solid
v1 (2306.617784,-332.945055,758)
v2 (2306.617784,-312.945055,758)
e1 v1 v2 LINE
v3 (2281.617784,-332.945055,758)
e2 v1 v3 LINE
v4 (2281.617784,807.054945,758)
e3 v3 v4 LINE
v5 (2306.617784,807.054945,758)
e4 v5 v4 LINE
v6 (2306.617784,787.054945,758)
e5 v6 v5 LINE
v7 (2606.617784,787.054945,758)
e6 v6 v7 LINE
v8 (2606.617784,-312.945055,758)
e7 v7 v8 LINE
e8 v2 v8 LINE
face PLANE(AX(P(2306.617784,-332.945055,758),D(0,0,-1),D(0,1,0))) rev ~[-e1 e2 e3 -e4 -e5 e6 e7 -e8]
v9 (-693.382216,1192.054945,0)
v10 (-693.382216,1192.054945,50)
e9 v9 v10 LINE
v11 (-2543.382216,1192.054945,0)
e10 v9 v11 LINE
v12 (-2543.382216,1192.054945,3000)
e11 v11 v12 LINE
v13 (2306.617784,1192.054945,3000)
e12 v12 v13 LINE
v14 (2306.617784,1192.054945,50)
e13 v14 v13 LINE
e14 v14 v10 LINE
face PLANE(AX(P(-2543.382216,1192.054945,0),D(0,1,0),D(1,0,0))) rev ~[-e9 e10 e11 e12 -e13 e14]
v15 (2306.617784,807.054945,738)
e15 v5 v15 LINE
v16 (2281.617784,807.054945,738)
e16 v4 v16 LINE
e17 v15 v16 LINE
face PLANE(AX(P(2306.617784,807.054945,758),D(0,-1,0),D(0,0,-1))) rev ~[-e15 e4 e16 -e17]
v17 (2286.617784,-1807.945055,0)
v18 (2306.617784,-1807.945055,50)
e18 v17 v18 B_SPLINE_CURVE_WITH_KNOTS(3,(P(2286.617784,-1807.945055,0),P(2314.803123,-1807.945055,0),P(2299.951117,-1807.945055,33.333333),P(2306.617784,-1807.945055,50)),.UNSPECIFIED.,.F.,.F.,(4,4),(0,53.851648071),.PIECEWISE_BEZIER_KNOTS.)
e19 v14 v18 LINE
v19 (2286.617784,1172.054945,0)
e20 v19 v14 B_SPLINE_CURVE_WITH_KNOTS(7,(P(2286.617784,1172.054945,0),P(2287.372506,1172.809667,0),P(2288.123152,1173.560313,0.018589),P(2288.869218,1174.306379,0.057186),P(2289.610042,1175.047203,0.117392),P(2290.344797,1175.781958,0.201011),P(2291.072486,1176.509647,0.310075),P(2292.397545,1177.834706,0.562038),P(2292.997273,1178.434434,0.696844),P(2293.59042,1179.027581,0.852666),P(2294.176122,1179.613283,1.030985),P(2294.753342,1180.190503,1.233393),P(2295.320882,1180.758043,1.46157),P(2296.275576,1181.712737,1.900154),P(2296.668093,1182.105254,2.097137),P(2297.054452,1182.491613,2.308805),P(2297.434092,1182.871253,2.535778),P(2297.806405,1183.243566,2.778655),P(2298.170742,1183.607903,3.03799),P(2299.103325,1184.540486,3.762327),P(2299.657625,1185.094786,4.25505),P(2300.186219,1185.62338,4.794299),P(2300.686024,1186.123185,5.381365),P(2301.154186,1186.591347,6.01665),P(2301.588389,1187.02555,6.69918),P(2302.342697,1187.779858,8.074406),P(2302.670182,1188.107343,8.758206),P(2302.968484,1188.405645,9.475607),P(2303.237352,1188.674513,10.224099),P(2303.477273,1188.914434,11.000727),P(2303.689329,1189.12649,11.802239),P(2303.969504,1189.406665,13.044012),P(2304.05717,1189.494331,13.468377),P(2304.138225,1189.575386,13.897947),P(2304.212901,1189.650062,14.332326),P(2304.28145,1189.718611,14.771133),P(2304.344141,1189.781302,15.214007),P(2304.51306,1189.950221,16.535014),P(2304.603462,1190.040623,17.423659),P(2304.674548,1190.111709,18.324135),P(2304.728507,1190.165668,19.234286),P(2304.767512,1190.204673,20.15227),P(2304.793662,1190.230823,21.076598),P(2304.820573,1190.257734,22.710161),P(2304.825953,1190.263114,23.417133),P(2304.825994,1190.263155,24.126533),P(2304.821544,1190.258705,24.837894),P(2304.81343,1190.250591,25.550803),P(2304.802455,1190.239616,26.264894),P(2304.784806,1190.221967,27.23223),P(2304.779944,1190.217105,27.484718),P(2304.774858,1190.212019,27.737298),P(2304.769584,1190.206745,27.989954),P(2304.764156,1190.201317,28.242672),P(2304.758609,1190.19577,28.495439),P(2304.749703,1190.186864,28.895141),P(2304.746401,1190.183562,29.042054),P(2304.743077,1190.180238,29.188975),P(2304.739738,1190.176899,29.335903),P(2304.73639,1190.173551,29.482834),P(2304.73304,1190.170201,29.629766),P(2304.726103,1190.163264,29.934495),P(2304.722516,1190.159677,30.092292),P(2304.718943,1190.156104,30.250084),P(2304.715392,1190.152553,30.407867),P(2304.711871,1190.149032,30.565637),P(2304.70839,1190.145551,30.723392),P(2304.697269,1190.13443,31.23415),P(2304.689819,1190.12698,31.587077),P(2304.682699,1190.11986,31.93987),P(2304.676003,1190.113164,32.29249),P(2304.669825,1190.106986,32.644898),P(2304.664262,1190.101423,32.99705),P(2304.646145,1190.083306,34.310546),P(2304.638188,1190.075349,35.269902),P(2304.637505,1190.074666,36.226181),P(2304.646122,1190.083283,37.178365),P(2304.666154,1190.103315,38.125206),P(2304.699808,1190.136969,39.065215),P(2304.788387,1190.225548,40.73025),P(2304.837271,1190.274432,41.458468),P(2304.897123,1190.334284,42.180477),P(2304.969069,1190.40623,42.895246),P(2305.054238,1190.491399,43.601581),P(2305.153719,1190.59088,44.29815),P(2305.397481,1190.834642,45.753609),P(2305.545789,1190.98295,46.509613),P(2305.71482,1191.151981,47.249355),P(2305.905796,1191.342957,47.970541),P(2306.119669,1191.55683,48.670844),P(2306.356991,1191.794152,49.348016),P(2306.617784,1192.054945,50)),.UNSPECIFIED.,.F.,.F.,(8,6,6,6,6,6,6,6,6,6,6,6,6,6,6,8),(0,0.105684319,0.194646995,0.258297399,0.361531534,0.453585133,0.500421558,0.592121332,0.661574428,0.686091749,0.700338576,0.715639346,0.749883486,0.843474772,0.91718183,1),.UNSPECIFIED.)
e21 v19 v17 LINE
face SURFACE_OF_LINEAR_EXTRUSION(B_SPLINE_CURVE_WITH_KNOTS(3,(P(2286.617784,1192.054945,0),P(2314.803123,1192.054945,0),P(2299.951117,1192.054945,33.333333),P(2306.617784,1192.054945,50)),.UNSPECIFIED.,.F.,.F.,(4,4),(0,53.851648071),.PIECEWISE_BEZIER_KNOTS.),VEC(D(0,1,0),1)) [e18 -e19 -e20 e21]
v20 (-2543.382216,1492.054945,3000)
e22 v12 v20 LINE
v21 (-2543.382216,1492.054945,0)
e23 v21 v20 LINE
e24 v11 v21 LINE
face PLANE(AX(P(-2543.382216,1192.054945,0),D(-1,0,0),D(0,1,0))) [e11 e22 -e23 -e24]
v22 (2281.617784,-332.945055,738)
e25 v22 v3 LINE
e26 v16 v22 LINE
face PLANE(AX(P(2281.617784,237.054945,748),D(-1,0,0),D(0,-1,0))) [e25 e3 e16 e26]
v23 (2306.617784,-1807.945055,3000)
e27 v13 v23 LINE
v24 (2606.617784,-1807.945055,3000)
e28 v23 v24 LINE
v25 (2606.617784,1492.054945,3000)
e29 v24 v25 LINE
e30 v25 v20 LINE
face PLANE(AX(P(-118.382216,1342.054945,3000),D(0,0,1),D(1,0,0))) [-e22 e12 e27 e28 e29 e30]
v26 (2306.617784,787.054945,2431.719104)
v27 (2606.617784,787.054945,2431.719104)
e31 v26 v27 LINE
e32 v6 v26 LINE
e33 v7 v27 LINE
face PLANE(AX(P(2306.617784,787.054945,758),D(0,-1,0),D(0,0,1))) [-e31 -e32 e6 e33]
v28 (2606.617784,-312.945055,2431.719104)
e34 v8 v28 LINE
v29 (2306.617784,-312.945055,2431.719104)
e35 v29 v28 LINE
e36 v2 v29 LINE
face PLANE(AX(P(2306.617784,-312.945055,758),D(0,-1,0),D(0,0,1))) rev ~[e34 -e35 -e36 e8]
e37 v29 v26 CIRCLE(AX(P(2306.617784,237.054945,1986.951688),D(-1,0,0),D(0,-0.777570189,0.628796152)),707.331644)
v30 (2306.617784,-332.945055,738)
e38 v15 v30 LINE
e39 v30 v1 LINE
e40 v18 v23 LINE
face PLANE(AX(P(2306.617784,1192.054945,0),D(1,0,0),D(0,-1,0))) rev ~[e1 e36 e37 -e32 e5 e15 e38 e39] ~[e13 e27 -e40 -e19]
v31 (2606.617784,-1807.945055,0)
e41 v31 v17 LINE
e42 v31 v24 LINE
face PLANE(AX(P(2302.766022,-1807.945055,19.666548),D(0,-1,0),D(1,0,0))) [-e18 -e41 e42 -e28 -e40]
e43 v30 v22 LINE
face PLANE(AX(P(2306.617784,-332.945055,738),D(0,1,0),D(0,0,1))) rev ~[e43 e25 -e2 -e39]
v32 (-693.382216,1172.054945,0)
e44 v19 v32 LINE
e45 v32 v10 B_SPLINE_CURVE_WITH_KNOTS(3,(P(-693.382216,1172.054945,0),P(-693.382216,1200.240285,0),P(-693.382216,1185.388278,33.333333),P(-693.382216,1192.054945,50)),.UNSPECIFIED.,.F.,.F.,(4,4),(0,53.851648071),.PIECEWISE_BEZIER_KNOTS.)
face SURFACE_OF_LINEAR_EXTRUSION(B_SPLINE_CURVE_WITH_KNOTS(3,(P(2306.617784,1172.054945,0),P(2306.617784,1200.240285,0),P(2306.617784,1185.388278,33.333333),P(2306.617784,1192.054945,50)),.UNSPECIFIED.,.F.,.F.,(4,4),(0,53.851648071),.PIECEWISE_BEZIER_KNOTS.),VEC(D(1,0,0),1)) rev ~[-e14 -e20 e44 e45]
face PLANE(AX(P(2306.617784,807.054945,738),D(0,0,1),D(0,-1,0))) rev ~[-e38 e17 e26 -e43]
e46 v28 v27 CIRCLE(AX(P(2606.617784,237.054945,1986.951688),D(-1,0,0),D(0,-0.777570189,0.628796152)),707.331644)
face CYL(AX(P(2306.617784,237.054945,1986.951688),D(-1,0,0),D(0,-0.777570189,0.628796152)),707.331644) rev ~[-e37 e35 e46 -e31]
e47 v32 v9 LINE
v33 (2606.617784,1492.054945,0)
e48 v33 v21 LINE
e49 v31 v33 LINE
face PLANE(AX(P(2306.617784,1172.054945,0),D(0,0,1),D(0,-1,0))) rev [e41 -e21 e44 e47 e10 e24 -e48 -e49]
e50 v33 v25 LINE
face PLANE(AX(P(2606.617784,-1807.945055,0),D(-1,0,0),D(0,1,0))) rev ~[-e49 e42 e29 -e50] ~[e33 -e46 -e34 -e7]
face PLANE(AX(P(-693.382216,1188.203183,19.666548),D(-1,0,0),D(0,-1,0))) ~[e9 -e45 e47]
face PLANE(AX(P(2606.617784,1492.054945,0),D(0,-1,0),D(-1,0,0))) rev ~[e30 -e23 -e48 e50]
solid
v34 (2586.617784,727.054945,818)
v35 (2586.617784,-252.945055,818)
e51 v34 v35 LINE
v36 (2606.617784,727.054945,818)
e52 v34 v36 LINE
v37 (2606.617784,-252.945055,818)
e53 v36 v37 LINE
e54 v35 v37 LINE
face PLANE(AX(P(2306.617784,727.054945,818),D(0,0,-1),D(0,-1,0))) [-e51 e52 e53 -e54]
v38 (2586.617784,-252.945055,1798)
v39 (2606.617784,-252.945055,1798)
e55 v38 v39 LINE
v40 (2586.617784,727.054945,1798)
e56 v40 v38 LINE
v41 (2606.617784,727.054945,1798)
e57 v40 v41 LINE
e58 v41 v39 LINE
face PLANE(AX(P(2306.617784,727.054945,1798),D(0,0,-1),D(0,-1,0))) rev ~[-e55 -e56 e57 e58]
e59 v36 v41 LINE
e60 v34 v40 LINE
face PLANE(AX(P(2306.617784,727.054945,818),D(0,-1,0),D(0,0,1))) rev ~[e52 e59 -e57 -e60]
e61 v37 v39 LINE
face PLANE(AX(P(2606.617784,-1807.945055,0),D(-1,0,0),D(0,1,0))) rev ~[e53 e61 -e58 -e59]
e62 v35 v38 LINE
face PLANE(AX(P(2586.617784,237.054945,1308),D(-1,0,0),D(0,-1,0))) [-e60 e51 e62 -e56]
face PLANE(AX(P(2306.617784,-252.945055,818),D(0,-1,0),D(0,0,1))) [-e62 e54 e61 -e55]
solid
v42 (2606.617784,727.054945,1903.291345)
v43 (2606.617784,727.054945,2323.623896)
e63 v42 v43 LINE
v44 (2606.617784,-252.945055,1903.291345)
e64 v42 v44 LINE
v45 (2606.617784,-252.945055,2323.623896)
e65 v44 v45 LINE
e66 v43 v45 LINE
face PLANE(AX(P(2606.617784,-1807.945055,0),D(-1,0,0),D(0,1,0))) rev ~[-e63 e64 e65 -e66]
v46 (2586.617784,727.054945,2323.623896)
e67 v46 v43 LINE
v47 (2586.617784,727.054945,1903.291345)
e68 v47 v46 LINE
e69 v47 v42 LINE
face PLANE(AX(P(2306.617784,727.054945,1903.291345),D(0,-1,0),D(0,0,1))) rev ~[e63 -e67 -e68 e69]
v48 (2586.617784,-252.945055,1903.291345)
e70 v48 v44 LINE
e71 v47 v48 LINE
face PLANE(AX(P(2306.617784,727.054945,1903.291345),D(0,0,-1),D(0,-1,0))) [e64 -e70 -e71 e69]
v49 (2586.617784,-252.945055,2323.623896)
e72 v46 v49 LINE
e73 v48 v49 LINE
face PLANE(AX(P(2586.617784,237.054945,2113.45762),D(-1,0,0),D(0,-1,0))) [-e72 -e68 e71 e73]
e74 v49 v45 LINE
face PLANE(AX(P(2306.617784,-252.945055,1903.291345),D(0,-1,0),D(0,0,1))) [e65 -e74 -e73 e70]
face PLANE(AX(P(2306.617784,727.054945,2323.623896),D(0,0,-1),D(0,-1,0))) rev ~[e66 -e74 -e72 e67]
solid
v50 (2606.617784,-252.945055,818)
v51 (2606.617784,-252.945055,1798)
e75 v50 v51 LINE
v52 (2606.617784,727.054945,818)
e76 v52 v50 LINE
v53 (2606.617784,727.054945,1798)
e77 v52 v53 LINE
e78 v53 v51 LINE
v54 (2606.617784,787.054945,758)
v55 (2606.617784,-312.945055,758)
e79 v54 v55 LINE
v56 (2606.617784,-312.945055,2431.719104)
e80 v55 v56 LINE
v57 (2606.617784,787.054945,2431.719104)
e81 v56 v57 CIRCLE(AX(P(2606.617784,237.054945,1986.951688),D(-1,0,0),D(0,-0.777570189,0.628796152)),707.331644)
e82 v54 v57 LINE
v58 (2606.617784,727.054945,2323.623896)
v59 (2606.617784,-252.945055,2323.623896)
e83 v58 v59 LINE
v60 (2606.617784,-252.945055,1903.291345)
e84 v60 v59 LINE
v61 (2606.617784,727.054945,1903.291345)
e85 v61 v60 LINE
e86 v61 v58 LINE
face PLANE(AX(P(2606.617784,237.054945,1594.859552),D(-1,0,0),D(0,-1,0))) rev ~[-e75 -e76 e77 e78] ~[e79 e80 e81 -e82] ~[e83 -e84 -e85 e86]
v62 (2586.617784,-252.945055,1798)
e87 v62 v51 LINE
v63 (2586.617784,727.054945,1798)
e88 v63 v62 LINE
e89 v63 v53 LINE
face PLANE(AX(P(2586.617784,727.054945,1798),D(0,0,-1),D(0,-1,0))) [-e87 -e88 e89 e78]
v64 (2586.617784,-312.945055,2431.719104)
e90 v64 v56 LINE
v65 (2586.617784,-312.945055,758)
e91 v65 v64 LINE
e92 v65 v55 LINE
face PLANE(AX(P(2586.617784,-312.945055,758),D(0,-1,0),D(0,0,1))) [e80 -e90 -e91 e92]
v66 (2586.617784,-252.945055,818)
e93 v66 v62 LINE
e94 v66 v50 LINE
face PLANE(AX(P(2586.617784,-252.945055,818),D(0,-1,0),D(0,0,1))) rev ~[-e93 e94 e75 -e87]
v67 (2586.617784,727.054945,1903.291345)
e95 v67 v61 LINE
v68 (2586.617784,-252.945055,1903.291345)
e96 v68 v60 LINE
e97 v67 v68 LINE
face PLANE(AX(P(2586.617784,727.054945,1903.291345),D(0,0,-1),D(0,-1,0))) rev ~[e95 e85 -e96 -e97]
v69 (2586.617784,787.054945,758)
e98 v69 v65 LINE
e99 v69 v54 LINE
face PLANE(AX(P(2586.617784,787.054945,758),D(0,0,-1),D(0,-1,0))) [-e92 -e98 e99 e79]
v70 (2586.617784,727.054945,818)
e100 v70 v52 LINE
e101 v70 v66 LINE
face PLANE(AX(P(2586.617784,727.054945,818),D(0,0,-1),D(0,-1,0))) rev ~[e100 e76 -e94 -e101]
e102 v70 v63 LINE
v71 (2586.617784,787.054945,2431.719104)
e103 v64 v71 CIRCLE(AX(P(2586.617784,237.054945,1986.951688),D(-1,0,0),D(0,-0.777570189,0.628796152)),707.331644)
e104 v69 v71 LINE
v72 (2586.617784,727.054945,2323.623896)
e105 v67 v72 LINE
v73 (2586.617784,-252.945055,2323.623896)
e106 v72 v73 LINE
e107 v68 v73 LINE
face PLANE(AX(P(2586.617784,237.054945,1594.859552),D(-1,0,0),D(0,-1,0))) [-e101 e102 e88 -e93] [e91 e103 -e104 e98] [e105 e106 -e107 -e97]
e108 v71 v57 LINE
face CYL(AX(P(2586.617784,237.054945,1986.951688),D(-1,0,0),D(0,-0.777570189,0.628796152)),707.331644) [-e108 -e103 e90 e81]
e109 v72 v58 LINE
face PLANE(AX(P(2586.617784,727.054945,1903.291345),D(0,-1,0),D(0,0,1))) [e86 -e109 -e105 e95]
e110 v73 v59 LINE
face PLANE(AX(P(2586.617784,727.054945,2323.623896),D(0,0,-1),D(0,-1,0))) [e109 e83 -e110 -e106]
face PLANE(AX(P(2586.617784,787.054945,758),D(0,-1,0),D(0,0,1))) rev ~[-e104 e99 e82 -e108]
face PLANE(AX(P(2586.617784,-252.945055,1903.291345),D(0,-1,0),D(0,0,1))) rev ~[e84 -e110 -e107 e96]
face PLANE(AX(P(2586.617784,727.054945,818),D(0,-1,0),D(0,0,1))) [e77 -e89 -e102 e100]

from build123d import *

# Parameters (mm, degrees)
F0_W     = 4850
F0_H     = 300
F1_DEPTH = 3000
F2_W     = 1100
F2_H     = 1673.7191037759
F2_W_2   = 980
F2_H_2   = 980
F2_H_3   = 420.3325510025
F3_DEPTH = 300
F4_DEPTH = 25
F5_DEPTH = 280
F6_START = -280
F6_DEPTH = 20
F8_DEPTH = 3000
F9_ANGLE = 90


with BuildPart() as f1:
    # F0 (on Top) → F1 (new body)
    with BuildSketch(Plane.XY):
        with Locations((-118.3822158854, 1342.0549451652)):
            Rectangle(F0_W, F0_H)
        Polygon((2606.6177841146, 1492.0549451652), (2306.6177841146, 1492.0549451652), (2306.6177841146, 1192.0549451652), (2306.6177841146, -1807.9450548348), (2606.6177841146, -1807.9450548348), align=None)
    extrude(amount=F1_DEPTH)

    # F2 (on face) → F3 (cut)
    with BuildSketch(Plane(origin=(2306.6177841146, 0, 0), x_dir=(0, -1, 0), z_dir=(-1, 0, 0))):
        with Locations((-237.0549451652, 1594.859551888)):
            Rectangle(F2_W, F2_H)
        with Locations((-237.0549451652, 1308)):
            Rectangle(F2_W_2, F2_H_2, mode=Mode.SUBTRACT)
        with Locations((-237.0549451652, 2113.4576201439)):
            Rectangle(F2_W_2, F2_H_3, mode=Mode.SUBTRACT)
        with BuildLine():
            ThreePointArc((312.9450548348, 2431.7191037759), (-237.0549451652, 2694.2833315194), (-787.0549451652, 2431.7191037759))
            Line((-787.0549451652, 2431.7191037759), (312.9450548348, 2431.7191037759))
        make_face()
    extrude(amount=-F3_DEPTH, mode=Mode.SUBTRACT)

    # F2 (on face) → F4 (join)
    with BuildSketch(Plane(origin=(2306.6177841146, 0, 0), x_dir=(0, -1, 0), z_dir=(-1, 0, 0))):
        Polygon((312.9450548348, 758), (-787.0549451652, 758), (-807.0549451652, 758), (-807.0549451652, 738), (332.9450548348, 738), (332.9450548348, 758), align=None)
    extrude(amount=F4_DEPTH)

    # F2 (on face) → F5 (cut)
    with BuildSketch(Plane(origin=(2306.6177841146, 0, 0), x_dir=(0, -1, 0), z_dir=(-1, 0, 0))):
        with Locations((-237.0549451652, 2113.4576201439)):
            Rectangle(F2_W_2, F2_H_3)
        with Locations((-237.0549451652, 1308)):
            Rectangle(F2_W_2, F2_H_2)
    extrude(amount=-F5_DEPTH, mode=Mode.SUBTRACT)



with BuildPart() as f6:
    # F2 (on face) → F6 (new body)
    with BuildSketch(Plane(origin=(2306.6177841146, 0, 0), x_dir=(0, -1, 0), z_dir=(-1, 0, 0)).offset(F6_START)):
        with Locations((-237.0549451652, 1594.859551888)):
            Rectangle(F2_W, F2_H)
        with Locations((-237.0549451652, 1308)):
            Rectangle(F2_W_2, F2_H_2, mode=Mode.SUBTRACT)
        with Locations((-237.0549451652, 2113.4576201439)):
            Rectangle(F2_W_2, F2_H_3, mode=Mode.SUBTRACT)
        with BuildLine():
            ThreePointArc((312.9450548348, 2431.7191037759), (-237.0549451652, 2694.2833315194), (-787.0549451652, 2431.7191037759))
            Line((-787.0549451652, 2431.7191037759), (312.9450548348, 2431.7191037759))
        make_face()
    extrude(amount=-F6_DEPTH)


with BuildPart() as f8:
    # F7 (on face) → F8 (new body)
    with BuildSketch(Plane.XZ.offset(-1192.0549451652)):
        with BuildLine():
            Line((2286.6177841146, 0), (2306.6177841146, 0))
            Line((2306.6177841146, 0), (2306.6177841146, 50))
            add(Edge.make_bspline(
                [(2286.6177841146, 0), (2314.8031234741, 0), (2299.951117448, 33.3333333333), (2306.6177841146, 50)],
                knots=[0, 0, 0, 0, 53.8516480713, 53.8516480713, 53.8516480713, 53.8516480713], degree=3))
        make_face()
    extrude(amount=F8_DEPTH)


with BuildPart() as f9_1:
    # F9: copy of F8
    add(f8.part.rotate(Axis((2306.6177841146, 1192.0549451652, 1500), (0, 0, -1)), F9_ANGLE))


with BuildPart() as f1_1:
    add(f1.part)

    add(f8.part)  # F10 merges F8

    add(f9_1.part)  # F10 merges F9_1
    # F10: F9_1 across face
    add(f9_1.part.mirror(Plane(origin=(-118.3822158854, 1192.0549451652, 1500), x_dir=(1, 0, 0), z_dir=(0, -1, 0))))


solid = Compound([f6.part, f1_1.part])
